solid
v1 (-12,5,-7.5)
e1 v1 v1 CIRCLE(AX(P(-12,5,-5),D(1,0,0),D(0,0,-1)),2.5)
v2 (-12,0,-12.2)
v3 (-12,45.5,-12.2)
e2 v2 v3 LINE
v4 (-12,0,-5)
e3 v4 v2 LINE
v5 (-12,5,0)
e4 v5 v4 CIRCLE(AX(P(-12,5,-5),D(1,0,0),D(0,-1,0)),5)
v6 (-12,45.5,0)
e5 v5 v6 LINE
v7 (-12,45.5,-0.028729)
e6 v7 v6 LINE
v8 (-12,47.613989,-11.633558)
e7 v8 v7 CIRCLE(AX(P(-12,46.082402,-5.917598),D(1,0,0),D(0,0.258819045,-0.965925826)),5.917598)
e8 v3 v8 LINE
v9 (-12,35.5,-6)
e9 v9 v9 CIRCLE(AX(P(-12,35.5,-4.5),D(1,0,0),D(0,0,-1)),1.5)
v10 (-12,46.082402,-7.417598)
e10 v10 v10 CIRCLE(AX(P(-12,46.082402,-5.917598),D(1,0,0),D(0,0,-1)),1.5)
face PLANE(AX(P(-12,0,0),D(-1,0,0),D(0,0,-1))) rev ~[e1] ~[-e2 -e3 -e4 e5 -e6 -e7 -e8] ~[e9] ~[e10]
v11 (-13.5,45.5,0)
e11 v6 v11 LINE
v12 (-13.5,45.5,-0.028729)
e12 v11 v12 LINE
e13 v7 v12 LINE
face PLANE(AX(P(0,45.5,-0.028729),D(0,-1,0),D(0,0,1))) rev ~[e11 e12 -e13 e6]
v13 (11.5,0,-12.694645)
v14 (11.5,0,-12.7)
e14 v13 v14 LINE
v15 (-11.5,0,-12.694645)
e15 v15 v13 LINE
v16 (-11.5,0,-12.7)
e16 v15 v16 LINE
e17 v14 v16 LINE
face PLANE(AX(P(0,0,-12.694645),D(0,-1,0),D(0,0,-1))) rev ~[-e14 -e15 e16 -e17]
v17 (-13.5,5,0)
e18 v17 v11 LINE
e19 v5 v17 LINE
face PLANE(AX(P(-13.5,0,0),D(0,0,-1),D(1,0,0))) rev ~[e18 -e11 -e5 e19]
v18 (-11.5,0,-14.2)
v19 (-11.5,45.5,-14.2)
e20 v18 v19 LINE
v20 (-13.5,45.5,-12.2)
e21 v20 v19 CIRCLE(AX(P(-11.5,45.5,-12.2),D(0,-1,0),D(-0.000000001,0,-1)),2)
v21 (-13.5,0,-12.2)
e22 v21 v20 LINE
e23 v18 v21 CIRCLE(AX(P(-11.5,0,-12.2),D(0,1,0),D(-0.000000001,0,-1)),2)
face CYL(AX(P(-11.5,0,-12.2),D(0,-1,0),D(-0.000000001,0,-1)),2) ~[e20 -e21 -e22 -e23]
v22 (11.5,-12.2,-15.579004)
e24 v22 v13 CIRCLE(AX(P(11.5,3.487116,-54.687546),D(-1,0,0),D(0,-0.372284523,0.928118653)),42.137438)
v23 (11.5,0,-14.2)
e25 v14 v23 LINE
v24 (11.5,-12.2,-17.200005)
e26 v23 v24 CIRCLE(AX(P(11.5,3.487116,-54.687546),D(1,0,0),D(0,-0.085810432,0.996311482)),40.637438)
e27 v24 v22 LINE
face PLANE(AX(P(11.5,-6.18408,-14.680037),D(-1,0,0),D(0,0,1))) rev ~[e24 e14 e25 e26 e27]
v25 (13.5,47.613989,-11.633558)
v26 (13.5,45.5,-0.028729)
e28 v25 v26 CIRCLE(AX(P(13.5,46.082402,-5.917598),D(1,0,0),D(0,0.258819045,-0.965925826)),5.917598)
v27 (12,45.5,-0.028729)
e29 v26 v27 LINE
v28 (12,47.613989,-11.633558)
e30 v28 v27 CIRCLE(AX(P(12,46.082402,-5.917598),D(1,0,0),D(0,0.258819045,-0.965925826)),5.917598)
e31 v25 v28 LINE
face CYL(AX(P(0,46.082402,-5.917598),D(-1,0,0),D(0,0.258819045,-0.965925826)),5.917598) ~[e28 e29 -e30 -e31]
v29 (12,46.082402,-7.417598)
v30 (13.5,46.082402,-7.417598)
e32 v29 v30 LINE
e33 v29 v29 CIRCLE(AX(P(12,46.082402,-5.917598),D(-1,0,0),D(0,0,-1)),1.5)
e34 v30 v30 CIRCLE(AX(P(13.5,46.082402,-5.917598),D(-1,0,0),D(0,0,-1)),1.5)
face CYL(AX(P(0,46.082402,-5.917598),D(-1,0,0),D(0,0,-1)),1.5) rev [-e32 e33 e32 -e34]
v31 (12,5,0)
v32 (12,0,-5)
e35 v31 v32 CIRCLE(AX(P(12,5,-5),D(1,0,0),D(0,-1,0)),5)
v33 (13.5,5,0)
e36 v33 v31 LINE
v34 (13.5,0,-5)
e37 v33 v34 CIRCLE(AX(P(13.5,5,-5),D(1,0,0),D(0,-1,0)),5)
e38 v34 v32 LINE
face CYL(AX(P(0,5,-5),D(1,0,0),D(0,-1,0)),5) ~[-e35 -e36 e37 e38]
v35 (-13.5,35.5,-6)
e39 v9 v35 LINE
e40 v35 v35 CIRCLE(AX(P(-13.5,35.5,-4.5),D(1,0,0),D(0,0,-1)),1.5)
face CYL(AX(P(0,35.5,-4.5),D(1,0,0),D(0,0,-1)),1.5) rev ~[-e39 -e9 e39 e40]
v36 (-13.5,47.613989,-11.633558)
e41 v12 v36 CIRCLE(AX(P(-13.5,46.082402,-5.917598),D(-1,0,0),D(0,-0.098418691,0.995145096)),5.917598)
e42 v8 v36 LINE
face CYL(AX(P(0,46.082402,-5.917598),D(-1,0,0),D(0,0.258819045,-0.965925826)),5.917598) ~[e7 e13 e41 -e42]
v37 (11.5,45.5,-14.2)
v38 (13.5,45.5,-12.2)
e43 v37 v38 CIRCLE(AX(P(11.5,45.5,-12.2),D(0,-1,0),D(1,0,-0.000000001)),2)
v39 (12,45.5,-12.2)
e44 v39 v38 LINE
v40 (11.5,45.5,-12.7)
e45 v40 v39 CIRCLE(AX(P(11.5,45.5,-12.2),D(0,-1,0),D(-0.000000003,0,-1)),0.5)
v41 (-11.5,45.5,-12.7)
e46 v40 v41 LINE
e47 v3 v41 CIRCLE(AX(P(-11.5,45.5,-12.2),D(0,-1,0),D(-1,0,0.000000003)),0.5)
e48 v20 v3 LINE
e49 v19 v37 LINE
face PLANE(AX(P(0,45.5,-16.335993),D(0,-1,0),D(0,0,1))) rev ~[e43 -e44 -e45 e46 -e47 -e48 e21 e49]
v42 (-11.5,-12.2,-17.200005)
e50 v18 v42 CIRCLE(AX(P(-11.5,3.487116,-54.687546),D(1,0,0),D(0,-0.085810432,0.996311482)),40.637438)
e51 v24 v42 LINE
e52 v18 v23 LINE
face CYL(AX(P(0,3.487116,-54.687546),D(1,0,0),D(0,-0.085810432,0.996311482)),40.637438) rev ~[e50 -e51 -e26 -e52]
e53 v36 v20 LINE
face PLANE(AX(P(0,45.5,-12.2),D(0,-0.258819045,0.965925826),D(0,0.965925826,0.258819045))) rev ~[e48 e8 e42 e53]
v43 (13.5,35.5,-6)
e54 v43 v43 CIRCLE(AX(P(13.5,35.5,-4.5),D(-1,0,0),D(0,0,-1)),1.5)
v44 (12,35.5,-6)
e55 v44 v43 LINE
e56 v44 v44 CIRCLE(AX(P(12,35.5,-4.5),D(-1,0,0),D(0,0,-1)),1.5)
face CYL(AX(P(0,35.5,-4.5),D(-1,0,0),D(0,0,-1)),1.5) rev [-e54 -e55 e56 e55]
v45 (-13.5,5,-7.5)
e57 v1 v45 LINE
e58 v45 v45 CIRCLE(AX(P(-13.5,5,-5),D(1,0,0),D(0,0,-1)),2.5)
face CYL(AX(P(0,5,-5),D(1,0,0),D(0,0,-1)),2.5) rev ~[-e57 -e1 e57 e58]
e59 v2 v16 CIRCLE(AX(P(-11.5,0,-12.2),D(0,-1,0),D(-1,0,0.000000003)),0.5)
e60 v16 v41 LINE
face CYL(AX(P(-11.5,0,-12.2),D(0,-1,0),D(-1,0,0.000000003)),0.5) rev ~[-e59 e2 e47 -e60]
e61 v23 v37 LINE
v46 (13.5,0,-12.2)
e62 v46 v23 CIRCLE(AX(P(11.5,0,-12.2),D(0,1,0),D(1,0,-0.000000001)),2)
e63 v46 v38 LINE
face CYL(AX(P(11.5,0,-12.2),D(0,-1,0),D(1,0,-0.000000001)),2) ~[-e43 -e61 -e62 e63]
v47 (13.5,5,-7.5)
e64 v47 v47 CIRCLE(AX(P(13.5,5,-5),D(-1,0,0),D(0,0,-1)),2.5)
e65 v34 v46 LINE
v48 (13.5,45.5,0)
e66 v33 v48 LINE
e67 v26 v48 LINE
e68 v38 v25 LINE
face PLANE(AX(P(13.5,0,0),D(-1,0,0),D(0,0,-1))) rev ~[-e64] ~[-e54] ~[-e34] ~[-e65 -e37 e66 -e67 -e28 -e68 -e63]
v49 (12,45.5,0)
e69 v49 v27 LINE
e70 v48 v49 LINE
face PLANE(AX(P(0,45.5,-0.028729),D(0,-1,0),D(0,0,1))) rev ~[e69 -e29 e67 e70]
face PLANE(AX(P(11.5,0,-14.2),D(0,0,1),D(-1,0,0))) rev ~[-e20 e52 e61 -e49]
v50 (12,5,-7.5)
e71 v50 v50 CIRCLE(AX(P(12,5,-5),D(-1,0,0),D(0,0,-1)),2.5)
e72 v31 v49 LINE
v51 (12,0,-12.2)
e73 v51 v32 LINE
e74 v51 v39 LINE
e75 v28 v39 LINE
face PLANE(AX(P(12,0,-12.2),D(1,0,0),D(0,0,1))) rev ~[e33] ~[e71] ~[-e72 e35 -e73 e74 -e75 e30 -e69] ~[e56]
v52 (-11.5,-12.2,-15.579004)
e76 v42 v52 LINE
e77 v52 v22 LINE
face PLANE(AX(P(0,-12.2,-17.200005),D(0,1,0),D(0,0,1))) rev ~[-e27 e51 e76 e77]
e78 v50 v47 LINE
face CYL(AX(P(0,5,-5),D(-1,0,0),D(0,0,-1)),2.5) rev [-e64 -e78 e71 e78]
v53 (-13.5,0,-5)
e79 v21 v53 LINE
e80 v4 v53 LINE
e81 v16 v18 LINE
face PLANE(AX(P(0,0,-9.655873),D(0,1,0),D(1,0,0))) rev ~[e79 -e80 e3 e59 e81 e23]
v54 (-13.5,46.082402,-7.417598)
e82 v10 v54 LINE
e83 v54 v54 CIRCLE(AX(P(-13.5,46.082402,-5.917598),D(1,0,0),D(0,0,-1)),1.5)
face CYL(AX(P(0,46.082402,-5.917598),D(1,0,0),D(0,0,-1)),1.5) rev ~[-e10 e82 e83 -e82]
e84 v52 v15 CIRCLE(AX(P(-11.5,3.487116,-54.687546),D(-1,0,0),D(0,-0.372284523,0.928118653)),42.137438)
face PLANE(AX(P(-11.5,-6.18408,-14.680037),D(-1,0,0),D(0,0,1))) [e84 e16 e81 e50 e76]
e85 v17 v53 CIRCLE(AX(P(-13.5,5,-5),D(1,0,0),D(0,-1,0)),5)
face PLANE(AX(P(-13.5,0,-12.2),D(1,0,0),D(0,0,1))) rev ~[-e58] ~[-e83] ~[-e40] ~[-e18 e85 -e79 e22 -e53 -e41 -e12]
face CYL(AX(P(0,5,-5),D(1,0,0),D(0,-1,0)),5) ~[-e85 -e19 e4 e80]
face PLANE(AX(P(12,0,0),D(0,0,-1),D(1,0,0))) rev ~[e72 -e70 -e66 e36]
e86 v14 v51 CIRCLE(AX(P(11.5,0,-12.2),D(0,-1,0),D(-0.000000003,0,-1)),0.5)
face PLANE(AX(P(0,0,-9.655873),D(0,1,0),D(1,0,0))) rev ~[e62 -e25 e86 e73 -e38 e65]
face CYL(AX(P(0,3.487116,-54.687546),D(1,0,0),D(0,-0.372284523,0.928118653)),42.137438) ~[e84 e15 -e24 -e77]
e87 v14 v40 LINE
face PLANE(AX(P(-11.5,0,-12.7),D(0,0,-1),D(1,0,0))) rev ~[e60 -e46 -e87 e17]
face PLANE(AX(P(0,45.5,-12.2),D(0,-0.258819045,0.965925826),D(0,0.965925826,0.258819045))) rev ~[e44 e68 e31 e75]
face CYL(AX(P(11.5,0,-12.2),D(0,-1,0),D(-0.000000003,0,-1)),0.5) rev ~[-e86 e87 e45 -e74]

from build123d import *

# Parameters (mm, degrees)
BOSS_EXTRUDE1_DEPTH      = 52
SKETCH2_R                = 2.5
SKETCH2_R_2              = 1.5
CUT_EXTRUDE1_DEPTH       = 26
BOSS_EXTRUDE2_DEPTH      = 11.5
BOSS_EXTRUDE2_DEPTH_BACK = 11.5


with BuildPart() as part:
    # Sketch1 → Boss-Extrude1 (new body)
    with BuildSketch(Plane(origin=(0, 0, 0), x_dir=(1, 0, 0), z_dir=(0, 1, 0))):
        with BuildLine():
            Line((13.5, 0), (13.5, 12.2))
            ThreePointArc((13.5, 12.2), (12.914213562, 13.614213562), (11.5, 14.2))
            Line((11.5, 14.2), (-11.5, 14.2))
            ThreePointArc((-11.5, 14.2), (-12.914213562, 13.614213562), (-13.5, 12.2))
            Line((-13.5, 12.2), (-13.5, 0))
            Line((-13.5, 0), (-12, 0))
            Line((-12, 0), (-12, 12.2))
            ThreePointArc((-12, 12.2), (-11.853553391, 12.553553391), (-11.5, 12.7))
            Line((-11.5, 12.7), (11.5, 12.7))
            ThreePointArc((11.5, 12.7), (11.853553391, 12.553553391), (12, 12.2))
            Line((12, 12.2), (12, 0))
            Line((12, 0), (13.5, 0))
        make_face()
    extrude(amount=BOSS_EXTRUDE1_DEPTH)

    # Sketch2 → Cut-Extrude1 (cut, symmetric)
    with BuildSketch(Plane(origin=(0, 0, 0), x_dir=(0, 0, -1), z_dir=(1, 0, 0))):
        with Locations((5, 5)):
            Circle(SKETCH2_R)
        with Locations((5.917597774, 46.082402226)):
            Circle(SKETCH2_R_2)
        with Locations((4.5, 35.5)):
            Circle(SKETCH2_R_2)
        with BuildLine():
            Line((12.2, 45.5), (11.633558293, 47.613989232))
            ThreePointArc((11.633558293, 47.613989232), (4.857073421, 51.904193317), (0.028729372, 45.5))
            Line((0.028729372, 45.5), (-2.330829718, 45.5))
            Line((-2.330829718, 45.5), (-2.330829718, 58.046352069))
            Line((-2.330829718, 58.046352069), (16.335993039, 58.046352069))
            Line((16.335993039, 58.046352069), (16.335993039, 45.5))
            Line((16.335993039, 45.5), (12.2, 45.5))
        make_face()
        with BuildLine():
            Line((0, 5), (0, 0))
            Line((0, 0), (5, 0))
            ThreePointArc((5, 0), (1.464466094, 1.464466094), (0, 5))
        make_face()
    extrude(amount=CUT_EXTRUDE1_DEPTH, both=True, mode=Mode.SUBTRACT)

    # Sketch4 → Boss-Extrude2 (add, two sides)
    with BuildSketch(Plane(origin=(0, 0, 0), x_dir=(0, 0, -1), z_dir=(1, 0, 0))) as boss_extrude2_sk:
        with BuildLine():
            Line((12.694645471, 0), (14.2, 0))
            ThreePointArc((14.2, 0), (15.225683929, -6.216635866), (17.200004735, -12.2))
            Line((17.200004735, -12.2), (15.579003919, -12.2))
            ThreePointArc((15.579003919, -12.2), (13.680583201, -6.207865902), (12.694645471, 0))
        make_face()
    extrude(amount=BOSS_EXTRUDE2_DEPTH)
    extrude(boss_extrude2_sk.sketch, amount=-BOSS_EXTRUDE2_DEPTH_BACK)


solid = part.part
